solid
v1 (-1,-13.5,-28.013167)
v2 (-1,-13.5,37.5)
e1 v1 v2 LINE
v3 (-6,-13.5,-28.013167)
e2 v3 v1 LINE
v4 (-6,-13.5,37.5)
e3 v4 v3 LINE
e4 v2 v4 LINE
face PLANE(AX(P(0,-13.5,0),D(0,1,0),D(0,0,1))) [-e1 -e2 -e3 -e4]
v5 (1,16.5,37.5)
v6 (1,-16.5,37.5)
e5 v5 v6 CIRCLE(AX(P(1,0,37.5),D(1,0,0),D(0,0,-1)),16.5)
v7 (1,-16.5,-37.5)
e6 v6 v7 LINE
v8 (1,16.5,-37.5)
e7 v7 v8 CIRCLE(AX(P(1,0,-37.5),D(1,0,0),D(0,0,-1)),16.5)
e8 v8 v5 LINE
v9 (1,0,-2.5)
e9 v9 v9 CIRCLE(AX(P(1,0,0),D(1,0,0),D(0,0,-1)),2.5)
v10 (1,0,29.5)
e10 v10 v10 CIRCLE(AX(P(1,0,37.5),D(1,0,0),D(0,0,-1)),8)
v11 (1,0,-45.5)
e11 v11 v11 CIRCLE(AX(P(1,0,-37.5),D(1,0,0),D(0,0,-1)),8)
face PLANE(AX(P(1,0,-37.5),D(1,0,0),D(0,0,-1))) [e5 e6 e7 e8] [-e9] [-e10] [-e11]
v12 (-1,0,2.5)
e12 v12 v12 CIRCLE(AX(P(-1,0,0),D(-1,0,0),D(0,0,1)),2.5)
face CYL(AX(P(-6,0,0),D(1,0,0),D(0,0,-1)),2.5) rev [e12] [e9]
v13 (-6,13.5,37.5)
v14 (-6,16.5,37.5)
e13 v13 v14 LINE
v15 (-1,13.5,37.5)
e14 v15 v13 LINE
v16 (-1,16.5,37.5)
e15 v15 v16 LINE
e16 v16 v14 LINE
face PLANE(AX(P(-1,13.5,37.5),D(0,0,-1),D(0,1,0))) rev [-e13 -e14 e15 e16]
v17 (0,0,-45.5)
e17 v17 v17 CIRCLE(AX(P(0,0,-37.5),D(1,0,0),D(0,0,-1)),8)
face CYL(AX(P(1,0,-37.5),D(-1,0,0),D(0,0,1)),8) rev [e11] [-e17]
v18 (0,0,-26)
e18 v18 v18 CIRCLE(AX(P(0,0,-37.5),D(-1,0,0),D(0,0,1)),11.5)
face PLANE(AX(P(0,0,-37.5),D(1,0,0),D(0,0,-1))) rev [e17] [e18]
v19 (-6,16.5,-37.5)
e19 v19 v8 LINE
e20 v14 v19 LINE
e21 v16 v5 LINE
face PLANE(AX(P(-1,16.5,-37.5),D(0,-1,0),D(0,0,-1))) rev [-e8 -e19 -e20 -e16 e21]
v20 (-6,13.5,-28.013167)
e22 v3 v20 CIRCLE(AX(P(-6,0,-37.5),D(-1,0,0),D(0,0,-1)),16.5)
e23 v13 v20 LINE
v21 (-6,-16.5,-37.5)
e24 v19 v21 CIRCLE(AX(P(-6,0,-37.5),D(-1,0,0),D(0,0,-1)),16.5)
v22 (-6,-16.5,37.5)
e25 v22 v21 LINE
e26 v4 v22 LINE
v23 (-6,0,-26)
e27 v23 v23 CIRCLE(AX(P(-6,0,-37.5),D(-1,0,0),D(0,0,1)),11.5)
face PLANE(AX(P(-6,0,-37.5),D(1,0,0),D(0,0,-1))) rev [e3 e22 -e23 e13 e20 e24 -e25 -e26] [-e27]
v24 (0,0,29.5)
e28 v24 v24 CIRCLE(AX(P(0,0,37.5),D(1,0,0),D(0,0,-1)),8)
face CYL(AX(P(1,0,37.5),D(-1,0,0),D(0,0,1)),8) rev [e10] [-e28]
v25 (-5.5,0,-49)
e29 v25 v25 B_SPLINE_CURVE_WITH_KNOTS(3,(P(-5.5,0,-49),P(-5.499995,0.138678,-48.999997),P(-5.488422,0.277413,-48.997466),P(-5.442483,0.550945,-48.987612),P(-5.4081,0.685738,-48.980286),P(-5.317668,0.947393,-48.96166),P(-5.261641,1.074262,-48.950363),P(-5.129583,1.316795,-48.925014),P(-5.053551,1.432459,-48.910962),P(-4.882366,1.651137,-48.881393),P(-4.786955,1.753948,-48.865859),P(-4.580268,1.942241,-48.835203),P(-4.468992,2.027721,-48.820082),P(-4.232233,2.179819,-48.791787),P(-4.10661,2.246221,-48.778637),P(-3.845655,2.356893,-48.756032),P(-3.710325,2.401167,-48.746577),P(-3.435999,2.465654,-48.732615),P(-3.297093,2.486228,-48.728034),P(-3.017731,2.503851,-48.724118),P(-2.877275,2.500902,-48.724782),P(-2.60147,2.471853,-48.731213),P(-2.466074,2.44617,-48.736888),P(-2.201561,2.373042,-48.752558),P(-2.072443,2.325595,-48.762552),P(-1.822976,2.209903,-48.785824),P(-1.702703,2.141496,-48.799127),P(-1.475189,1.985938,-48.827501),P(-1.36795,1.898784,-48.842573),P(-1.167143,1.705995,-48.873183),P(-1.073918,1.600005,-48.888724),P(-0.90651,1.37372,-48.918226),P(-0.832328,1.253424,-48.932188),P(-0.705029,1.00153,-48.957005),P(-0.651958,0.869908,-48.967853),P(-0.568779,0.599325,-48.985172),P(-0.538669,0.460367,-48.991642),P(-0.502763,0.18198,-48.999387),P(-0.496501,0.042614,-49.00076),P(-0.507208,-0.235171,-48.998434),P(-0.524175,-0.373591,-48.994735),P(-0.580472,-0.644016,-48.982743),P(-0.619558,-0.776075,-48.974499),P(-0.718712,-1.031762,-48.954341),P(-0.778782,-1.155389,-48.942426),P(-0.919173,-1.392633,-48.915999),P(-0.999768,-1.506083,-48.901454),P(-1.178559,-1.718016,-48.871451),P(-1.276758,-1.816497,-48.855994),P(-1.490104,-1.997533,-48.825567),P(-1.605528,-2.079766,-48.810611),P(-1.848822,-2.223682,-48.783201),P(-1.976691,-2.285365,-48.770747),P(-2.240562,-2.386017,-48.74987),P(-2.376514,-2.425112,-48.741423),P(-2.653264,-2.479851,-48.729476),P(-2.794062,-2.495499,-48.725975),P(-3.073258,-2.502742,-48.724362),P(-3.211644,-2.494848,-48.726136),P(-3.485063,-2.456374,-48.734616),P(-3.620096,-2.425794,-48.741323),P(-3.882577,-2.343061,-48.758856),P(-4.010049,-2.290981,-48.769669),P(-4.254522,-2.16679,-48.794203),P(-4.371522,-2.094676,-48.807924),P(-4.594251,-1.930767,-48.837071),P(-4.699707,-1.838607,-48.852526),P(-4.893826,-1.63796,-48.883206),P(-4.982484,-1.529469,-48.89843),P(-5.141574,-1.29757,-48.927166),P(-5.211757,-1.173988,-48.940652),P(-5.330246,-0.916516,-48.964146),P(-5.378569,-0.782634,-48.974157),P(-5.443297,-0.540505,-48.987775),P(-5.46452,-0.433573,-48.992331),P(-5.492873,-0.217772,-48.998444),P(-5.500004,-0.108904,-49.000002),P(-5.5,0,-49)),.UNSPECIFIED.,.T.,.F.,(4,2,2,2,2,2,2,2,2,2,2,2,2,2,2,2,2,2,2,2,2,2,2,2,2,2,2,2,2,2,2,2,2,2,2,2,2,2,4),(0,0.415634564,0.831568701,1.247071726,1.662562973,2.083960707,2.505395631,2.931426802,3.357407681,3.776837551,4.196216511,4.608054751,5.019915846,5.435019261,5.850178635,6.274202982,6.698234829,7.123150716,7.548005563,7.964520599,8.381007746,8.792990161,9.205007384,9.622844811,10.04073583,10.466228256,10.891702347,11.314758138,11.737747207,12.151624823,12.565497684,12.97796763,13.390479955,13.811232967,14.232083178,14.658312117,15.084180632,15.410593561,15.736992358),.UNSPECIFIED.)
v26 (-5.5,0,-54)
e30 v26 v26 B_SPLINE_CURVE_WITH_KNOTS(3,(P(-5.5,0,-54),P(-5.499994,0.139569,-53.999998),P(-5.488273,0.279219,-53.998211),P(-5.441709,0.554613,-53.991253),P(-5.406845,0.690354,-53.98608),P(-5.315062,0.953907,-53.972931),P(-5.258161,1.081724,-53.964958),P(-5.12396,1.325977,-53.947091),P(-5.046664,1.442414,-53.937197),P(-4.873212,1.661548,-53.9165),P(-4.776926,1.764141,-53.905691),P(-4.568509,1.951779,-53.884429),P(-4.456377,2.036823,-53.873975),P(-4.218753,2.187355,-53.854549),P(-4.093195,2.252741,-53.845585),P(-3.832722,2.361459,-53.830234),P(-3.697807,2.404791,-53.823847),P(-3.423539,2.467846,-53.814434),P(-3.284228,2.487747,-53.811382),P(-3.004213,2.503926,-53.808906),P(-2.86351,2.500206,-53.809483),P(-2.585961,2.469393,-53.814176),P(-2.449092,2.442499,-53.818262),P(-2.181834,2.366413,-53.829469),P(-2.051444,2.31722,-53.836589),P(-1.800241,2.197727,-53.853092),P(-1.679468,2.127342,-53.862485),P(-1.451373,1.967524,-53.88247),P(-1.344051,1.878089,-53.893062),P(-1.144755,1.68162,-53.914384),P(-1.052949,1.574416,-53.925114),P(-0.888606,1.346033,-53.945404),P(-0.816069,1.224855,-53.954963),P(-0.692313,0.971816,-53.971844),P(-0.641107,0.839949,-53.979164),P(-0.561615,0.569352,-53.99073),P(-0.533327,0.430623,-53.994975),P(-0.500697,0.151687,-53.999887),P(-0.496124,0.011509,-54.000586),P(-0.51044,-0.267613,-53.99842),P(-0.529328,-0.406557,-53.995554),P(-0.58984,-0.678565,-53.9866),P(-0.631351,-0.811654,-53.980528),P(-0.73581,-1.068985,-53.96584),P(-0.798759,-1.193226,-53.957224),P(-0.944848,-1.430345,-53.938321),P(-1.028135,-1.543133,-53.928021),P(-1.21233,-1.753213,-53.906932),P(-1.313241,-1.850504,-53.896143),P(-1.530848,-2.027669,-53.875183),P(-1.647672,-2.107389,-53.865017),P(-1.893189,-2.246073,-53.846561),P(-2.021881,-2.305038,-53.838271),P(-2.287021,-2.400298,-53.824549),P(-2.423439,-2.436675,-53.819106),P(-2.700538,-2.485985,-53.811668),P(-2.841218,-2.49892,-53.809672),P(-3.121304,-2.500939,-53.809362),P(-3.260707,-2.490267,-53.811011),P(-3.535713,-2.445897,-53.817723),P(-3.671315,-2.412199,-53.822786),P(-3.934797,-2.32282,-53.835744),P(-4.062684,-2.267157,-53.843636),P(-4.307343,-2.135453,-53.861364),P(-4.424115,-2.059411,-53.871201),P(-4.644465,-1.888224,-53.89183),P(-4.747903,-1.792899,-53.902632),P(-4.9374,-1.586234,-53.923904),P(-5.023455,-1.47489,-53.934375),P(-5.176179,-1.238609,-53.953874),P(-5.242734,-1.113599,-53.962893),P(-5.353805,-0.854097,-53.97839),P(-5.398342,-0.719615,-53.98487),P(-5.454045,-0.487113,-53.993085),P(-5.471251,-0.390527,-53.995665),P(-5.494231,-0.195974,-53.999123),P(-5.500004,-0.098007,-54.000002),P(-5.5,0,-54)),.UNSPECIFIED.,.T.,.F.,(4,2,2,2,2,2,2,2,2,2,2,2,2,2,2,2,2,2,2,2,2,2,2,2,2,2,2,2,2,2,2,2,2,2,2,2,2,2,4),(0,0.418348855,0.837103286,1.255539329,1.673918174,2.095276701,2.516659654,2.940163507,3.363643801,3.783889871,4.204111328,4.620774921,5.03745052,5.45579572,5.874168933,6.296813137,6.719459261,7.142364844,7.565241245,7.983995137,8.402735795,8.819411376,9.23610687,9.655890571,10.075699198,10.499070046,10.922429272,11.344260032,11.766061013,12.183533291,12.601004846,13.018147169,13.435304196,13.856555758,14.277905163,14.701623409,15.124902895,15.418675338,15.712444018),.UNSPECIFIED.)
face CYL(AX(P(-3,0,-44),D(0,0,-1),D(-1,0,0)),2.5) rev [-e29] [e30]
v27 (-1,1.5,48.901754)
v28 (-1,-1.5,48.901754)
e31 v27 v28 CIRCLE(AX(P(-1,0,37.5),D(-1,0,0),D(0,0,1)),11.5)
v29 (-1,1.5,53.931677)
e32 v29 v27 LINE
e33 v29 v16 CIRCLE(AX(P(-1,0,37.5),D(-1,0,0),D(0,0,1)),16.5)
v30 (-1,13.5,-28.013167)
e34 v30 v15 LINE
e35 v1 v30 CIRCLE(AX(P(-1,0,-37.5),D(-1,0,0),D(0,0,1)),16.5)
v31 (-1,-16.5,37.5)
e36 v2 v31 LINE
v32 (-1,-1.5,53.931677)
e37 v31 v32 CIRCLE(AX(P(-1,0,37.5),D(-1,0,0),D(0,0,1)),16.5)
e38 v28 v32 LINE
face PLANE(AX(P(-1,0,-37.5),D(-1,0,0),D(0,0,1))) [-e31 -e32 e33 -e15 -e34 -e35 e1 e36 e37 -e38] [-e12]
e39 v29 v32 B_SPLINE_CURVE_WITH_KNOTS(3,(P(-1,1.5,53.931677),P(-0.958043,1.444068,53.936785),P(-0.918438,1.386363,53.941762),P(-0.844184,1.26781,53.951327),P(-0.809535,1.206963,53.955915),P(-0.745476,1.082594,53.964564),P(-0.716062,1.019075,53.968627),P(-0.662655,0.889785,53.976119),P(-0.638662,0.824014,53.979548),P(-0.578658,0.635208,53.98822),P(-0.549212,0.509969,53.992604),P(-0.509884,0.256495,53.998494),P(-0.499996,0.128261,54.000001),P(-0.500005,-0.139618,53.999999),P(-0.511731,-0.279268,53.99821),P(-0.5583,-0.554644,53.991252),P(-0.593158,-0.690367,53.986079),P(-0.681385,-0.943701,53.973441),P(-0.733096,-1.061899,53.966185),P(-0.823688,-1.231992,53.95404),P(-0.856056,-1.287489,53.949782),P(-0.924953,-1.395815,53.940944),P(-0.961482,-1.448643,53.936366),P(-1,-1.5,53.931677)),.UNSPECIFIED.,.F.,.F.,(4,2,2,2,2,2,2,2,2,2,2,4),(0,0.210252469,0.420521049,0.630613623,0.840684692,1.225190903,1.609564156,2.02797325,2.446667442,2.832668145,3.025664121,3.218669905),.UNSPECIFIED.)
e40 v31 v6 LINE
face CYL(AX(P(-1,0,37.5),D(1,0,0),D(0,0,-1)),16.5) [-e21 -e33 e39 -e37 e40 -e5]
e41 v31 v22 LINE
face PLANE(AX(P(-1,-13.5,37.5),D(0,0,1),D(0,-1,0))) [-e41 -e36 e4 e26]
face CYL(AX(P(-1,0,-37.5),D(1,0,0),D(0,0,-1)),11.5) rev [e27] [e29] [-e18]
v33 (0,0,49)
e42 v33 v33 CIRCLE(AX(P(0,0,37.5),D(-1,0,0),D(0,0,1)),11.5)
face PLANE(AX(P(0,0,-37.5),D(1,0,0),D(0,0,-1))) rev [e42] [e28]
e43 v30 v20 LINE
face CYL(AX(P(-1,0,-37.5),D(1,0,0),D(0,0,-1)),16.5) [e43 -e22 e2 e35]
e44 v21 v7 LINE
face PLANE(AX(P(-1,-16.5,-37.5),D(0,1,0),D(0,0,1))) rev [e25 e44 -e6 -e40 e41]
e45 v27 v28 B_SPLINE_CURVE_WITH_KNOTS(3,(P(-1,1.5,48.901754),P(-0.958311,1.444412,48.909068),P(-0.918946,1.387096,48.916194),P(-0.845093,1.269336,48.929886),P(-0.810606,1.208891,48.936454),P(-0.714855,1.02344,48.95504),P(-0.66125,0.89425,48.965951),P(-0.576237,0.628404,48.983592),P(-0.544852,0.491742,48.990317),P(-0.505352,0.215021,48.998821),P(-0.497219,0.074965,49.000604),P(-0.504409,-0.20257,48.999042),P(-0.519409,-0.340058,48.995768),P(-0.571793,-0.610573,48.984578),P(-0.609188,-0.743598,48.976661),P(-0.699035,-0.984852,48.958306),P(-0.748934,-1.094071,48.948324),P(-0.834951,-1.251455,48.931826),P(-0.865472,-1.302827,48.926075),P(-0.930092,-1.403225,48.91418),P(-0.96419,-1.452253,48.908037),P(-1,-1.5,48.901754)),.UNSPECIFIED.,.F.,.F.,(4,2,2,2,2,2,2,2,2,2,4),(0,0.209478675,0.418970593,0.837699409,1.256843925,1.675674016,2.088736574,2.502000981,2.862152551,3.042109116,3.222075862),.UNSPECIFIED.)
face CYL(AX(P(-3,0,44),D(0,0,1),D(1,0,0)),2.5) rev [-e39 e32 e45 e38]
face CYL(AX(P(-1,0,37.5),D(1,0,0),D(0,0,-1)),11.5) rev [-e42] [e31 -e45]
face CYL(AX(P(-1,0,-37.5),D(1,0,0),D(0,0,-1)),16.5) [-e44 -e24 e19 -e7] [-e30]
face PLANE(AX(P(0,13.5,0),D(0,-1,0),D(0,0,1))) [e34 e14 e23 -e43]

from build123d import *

# Parameters (mm, degrees)
SKETCH3_R           = 11.5
BOSS_EXTRUDE2_DEPTH = 1
BOSS_EXTRUDE3_START = 1
SKETCH4_R           = 8
BOSS_EXTRUDE3_DEPTH = 1
SKETCH5_R           = 11.5
BOSS_EXTRUDE4_DEPTH = 5
SKETCH6_R           = 2.5
CUT_EXTRUDE1_DEPTH  = 10
SKETCH7_R           = 2.5
CUT_EXTRUDE2_DEPTH  = 57.896836604
SKETCH11_W          = 5
SKETCH11_H          = 75
BOSS_EXTRUDE7_DEPTH = 3


with BuildPart() as part:
    # Sketch3 → Boss-Extrude2 (new body)
    with BuildSketch(Plane(origin=(0, 20, 0), x_dir=(0, 1, 0), z_dir=(-1, 0, 0))):
        with BuildLine():
            Line((-3.5, 37.5), (-3.5, -37.5))
            ThreePointArc((-3.5, -37.5), (-20, -54), (-36.5, -37.5))
            Line((-36.5, -37.5), (-36.5, 37.5))
            ThreePointArc((-36.5, 37.5), (-20, 54), (-3.5, 37.5))
        make_face()
        with Locations(Location((-20, -37.5, 0), (0, 0, 270))):
            Circle(SKETCH3_R, mode=Mode.SUBTRACT)
        with Locations(Location((-20, 37.5, 0), (0, 0, 270))):
            Circle(SKETCH3_R, mode=Mode.SUBTRACT)
    extrude(amount=BOSS_EXTRUDE2_DEPTH)

    # Sketch4 → Boss-Extrude3 (add)
    with BuildSketch(Plane(origin=(0, 0, 0), x_dir=(0, 0, -1), z_dir=(1, 0, 0)).offset(BOSS_EXTRUDE3_START)):
        with BuildLine():
            Line((37.5, 16.5), (-37.5, 16.5))
            ThreePointArc((-37.5, 16.5), (-54, 0), (-37.5, -16.5))
            Line((-37.5, -16.5), (37.5, -16.5))
            ThreePointArc((37.5, -16.5), (54, 0), (37.5, 16.5))
        make_face()
        with Locations((-37.5, 0)):
            Circle(SKETCH4_R, mode=Mode.SUBTRACT)
        with Locations((37.5, 0)):
            Circle(SKETCH4_R, mode=Mode.SUBTRACT)
    extrude(amount=-BOSS_EXTRUDE3_DEPTH)

    # Sketch5 → Boss-Extrude4 (add)
    with BuildSketch(Plane.ZY.offset(1)):
        with BuildLine():
            ThreePointArc((-37.5, 16.5), (-54, 0), (-37.5, -16.5))
            ThreePointArc((-37.5, -16.5), (-21, 0), (-37.5, 16.5))
        make_face()
        with Locations((-37.5, 0)):
            Circle(SKETCH5_R, mode=Mode.SUBTRACT)
    extrude(amount=BOSS_EXTRUDE4_DEPTH)

    # Sketch6 → Cut-Extrude1 (cut)
    with BuildSketch(Plane.XY.offset(54)):
        with Locations((-3, 0)):
            Circle(SKETCH6_R)
    cut_extrude1 = extrude(amount=-CUT_EXTRUDE1_DEPTH, mode=Mode.SUBTRACT)

    # Mirror1: Cut-Extrude1 across plane
    add(cut_extrude1.mirror(Plane.XY), mode=Mode.SUBTRACT)

    # Sketch7 → Cut-Extrude2 (cut, through all)
    with BuildSketch(Plane(origin=(1, 0, 0), x_dir=(0, 0, -1), z_dir=(1, 0, 0))):
        Circle(SKETCH7_R)
    extrude(amount=-CUT_EXTRUDE2_DEPTH, mode=Mode.SUBTRACT)

    # Sketch11 → Boss-Extrude7 (add)
    with BuildSketch(Plane.XZ.offset(16.5)):
        with Locations((-3.5, 0)):
            Rectangle(SKETCH11_W, SKETCH11_H)
    boss_extrude7 = extrude(amount=-BOSS_EXTRUDE7_DEPTH)

    # Mirror2: Boss-Extrude7 across plane
    add(boss_extrude7.mirror(Plane.ZX))


solid = part.part
